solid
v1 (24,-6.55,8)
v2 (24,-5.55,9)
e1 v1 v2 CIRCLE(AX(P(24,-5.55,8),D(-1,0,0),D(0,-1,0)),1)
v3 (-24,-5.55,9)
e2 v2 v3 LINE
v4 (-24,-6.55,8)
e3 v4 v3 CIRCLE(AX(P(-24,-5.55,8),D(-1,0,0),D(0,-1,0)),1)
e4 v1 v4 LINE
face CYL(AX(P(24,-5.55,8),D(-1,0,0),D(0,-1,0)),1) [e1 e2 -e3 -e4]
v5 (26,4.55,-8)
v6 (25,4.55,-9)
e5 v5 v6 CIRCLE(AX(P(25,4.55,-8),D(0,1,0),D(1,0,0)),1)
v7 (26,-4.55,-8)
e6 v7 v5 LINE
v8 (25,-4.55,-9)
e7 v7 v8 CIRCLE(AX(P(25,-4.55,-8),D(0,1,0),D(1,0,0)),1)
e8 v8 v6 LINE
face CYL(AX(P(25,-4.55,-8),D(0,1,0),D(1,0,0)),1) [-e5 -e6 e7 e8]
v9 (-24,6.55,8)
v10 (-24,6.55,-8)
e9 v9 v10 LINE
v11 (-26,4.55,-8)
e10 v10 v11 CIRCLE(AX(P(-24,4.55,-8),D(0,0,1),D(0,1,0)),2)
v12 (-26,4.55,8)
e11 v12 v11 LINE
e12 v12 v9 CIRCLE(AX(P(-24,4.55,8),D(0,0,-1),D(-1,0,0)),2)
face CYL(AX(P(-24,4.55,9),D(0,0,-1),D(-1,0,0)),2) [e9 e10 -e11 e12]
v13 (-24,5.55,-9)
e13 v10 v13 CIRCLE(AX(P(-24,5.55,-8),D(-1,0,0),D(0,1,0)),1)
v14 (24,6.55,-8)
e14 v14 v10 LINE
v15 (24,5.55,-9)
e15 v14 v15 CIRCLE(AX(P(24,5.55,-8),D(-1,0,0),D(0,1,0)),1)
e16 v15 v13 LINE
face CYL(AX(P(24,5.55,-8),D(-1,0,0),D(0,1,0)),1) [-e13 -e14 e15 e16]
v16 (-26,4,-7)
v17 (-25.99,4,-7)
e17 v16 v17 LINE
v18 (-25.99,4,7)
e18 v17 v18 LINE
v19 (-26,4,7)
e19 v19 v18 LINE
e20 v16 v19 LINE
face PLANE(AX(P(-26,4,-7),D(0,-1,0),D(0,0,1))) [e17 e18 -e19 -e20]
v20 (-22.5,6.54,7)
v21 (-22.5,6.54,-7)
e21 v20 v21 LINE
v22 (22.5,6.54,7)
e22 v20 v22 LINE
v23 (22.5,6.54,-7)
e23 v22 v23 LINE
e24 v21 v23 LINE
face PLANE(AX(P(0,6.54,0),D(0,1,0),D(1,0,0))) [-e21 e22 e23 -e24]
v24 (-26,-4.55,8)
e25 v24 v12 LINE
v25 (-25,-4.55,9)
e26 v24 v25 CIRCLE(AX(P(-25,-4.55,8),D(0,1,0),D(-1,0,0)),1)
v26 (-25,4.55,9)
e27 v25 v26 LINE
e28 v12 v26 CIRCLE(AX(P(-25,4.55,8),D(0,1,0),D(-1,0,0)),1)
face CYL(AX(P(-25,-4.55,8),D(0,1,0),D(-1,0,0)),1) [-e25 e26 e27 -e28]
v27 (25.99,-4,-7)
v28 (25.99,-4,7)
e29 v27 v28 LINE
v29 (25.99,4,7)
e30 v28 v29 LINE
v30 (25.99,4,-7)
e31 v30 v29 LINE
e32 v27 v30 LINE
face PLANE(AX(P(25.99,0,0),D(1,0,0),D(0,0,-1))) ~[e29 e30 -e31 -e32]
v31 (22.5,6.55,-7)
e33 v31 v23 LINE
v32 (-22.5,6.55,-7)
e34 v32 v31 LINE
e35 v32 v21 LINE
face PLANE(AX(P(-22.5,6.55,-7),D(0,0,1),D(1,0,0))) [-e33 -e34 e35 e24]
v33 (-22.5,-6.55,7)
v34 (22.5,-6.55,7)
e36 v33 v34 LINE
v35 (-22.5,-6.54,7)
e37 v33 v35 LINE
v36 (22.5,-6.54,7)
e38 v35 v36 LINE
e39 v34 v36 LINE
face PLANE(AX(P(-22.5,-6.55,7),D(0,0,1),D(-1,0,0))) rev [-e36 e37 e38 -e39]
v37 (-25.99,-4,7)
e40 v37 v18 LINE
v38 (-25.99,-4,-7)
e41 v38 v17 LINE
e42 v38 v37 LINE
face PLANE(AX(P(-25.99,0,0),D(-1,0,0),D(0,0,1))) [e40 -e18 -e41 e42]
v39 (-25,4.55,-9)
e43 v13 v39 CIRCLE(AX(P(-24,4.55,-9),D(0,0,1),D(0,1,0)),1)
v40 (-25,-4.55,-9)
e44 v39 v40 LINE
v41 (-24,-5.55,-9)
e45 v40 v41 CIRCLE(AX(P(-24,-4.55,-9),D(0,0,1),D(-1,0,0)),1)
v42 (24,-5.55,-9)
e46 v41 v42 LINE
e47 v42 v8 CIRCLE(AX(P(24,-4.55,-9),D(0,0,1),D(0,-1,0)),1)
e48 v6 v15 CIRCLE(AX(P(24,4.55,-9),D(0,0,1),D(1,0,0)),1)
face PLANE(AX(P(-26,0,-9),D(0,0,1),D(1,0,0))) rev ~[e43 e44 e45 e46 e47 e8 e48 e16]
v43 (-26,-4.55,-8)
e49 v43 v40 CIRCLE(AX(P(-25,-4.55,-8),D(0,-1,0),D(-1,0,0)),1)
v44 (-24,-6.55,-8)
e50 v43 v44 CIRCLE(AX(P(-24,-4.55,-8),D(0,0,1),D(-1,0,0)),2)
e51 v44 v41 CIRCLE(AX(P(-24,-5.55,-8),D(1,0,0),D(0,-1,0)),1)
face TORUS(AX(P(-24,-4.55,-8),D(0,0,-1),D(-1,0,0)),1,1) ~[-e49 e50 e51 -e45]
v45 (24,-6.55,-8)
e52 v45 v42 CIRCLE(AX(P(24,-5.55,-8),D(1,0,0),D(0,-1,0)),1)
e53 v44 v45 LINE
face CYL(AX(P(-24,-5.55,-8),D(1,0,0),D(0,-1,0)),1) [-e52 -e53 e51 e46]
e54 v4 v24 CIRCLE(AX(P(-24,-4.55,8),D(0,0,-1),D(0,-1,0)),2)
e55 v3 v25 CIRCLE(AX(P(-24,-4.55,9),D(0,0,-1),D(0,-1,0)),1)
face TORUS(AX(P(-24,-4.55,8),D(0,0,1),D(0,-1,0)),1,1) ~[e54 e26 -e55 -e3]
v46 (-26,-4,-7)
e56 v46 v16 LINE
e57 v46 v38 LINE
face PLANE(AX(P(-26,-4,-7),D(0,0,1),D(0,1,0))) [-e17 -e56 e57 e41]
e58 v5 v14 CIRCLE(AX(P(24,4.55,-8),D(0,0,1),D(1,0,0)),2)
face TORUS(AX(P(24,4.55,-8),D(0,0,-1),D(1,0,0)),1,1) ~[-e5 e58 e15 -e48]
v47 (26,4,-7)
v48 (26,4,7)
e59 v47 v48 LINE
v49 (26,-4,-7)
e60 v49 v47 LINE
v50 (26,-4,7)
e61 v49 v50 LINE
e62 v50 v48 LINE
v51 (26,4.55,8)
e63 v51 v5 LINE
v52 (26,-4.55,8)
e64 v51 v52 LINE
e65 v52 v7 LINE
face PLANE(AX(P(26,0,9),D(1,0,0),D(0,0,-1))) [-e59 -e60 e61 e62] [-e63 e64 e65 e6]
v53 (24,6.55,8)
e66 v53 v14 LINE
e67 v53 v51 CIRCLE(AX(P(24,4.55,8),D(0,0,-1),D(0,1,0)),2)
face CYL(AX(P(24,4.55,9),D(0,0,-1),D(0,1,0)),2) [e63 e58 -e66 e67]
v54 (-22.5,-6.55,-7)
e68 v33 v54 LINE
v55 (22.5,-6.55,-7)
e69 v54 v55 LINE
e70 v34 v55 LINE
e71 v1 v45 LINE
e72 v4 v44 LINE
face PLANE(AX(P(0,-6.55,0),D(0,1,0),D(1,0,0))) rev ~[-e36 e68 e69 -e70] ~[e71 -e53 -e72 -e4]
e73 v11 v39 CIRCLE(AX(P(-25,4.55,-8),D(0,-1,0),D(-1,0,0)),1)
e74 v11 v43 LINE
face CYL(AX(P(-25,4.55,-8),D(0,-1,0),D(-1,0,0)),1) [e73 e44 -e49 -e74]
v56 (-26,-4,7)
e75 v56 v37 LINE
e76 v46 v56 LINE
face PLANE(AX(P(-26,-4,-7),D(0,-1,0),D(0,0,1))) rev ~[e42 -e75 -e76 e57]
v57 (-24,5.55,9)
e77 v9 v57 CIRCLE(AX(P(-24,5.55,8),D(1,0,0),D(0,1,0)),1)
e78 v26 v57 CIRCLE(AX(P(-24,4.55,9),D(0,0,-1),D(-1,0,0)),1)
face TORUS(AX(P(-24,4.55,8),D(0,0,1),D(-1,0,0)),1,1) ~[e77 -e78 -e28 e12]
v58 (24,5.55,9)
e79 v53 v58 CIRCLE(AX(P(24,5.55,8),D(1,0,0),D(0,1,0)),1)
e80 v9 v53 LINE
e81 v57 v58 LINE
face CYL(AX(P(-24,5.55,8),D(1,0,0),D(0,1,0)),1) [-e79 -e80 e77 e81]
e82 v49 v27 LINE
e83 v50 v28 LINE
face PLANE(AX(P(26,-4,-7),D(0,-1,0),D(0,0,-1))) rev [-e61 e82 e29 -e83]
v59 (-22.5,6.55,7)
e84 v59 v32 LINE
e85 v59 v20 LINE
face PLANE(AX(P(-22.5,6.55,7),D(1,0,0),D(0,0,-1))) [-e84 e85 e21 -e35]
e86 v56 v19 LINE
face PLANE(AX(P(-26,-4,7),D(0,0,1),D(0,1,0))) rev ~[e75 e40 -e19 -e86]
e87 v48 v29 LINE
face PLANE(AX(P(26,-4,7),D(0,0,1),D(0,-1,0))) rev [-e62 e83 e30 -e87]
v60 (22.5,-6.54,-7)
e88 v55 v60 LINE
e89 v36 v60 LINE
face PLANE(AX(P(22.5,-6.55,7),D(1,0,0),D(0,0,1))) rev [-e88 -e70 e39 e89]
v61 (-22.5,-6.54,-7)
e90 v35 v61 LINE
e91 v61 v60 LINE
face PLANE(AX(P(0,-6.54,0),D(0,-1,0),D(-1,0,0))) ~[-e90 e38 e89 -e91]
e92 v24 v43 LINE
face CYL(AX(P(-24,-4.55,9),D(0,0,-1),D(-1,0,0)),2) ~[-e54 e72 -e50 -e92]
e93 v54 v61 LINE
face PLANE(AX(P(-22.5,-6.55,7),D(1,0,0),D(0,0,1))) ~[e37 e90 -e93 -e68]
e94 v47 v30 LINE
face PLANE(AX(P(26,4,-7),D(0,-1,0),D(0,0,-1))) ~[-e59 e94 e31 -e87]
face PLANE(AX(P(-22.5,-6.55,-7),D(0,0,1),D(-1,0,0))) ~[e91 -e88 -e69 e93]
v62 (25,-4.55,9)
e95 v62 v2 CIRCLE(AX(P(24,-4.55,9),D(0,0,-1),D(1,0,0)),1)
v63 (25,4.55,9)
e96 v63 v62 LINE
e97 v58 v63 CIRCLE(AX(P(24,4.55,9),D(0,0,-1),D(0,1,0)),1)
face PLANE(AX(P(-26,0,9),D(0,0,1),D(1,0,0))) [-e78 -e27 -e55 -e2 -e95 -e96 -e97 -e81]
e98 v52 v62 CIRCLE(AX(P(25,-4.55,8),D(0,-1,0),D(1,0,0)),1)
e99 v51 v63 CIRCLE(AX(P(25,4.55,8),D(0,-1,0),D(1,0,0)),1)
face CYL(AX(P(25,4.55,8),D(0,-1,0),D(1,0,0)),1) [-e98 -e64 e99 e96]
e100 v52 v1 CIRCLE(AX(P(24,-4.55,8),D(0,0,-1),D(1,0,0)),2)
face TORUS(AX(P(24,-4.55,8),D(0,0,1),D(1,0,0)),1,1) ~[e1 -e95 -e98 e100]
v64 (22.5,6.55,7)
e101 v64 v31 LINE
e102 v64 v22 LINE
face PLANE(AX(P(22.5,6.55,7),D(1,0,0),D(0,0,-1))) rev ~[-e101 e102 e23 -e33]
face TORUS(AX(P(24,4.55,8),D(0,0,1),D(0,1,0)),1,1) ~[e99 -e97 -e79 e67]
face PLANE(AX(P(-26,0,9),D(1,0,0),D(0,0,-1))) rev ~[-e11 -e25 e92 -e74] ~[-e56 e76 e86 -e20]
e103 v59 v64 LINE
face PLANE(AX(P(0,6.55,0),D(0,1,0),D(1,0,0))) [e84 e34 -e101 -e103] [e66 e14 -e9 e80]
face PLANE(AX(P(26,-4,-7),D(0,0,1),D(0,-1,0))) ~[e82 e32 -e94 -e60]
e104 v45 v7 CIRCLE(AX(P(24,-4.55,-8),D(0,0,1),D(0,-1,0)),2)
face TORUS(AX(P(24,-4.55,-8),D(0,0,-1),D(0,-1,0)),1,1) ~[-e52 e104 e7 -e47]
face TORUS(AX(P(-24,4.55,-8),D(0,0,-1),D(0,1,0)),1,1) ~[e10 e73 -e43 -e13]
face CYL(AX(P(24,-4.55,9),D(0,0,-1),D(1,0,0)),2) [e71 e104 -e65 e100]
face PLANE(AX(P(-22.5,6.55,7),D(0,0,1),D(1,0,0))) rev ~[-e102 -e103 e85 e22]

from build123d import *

# Parameters (mm, degrees)
SKETCH1_W           = 52
SKETCH1_H           = 18
BOSS_EXTRUDE1_DEPTH = 6.55
FILLET1_R           = 2
FILLET2_R           = 1
SKETCH2_W           = 45
SKETCH2_H           = 14
CUT_EXTRUDE1_DEPTH  = 0.01
SKETCH3_W           = 14
SKETCH3_H           = 8
CUT_EXTRUDE2_DEPTH  = 0.01


with BuildPart() as part:
    # Sketch1 → Boss-Extrude1 (new, symmetric)
    with BuildSketch(Plane(origin=(0, 0, 0), x_dir=(1, 0, 0), z_dir=(0, 1, 0))):
        Rectangle(SKETCH1_W, SKETCH1_H)
    extrude(amount=BOSS_EXTRUDE1_DEPTH, both=True)

    # Fillet1
    fillet1_edges = [part.edges().sort_by_distance(p)[0] for p in [
        (-26, 6.55, 0),
        (26, 6.55, 0),
        (-26, -6.55, 0),
        (26, -6.55, 0),
    ]]
    fillet(fillet1_edges, radius=FILLET1_R)

    # Fillet2
    fillet2_edges = [part.edges().sort_by_distance(p)[0] for p in [
        (-26, 0, 9),
        (-26, 0, -9),
        (0, -6.55, 9),
        (26, 0, 9),
        (0, 6.55, 9),
        (25.414213562, 5.964213562, 9),
        (25.414213562, -5.964213562, 9),
        (-25.414213562, 5.964213562, 9),
        (-25.414213562, -5.964213562, 9),
        (0, -6.55, -9),
        (0, 6.55, -9),
        (26, 0, -9),
        (25.414213562, 5.964213562, -9),
        (25.414213562, -5.964213562, -9),
        (-25.414213562, 5.964213562, -9),
        (-25.414213562, -5.964213562, -9),
    ]]
    fillet(fillet2_edges, radius=FILLET2_R)

    # Sketch2 → Cut-Extrude1 (cut)
    with BuildSketch(Plane(origin=(0, 6.55, 0), x_dir=(1, 0, 0), z_dir=(0, 1, 0))):
        Rectangle(SKETCH2_W, SKETCH2_H)
    cut_extrude1 = extrude(amount=-CUT_EXTRUDE1_DEPTH, mode=Mode.SUBTRACT)

    # Sketch3 → Cut-Extrude2 (cut)
    with BuildSketch(Plane.ZY.offset(26)):
        Rectangle(SKETCH3_W, SKETCH3_H)
    cut_extrude2 = extrude(amount=-CUT_EXTRUDE2_DEPTH, mode=Mode.SUBTRACT)

    # Mirror3: Cut-Extrude1 across plane
    add(cut_extrude1.mirror(Plane.ZX), mode=Mode.SUBTRACT)

    # Mirror4: Cut-Extrude2 across plane
    add(cut_extrude2.mirror(Plane(origin=(0, 0, 0), x_dir=(0, 0, 1), z_dir=(1, 0, 0))), mode=Mode.SUBTRACT)


solid = part.part
